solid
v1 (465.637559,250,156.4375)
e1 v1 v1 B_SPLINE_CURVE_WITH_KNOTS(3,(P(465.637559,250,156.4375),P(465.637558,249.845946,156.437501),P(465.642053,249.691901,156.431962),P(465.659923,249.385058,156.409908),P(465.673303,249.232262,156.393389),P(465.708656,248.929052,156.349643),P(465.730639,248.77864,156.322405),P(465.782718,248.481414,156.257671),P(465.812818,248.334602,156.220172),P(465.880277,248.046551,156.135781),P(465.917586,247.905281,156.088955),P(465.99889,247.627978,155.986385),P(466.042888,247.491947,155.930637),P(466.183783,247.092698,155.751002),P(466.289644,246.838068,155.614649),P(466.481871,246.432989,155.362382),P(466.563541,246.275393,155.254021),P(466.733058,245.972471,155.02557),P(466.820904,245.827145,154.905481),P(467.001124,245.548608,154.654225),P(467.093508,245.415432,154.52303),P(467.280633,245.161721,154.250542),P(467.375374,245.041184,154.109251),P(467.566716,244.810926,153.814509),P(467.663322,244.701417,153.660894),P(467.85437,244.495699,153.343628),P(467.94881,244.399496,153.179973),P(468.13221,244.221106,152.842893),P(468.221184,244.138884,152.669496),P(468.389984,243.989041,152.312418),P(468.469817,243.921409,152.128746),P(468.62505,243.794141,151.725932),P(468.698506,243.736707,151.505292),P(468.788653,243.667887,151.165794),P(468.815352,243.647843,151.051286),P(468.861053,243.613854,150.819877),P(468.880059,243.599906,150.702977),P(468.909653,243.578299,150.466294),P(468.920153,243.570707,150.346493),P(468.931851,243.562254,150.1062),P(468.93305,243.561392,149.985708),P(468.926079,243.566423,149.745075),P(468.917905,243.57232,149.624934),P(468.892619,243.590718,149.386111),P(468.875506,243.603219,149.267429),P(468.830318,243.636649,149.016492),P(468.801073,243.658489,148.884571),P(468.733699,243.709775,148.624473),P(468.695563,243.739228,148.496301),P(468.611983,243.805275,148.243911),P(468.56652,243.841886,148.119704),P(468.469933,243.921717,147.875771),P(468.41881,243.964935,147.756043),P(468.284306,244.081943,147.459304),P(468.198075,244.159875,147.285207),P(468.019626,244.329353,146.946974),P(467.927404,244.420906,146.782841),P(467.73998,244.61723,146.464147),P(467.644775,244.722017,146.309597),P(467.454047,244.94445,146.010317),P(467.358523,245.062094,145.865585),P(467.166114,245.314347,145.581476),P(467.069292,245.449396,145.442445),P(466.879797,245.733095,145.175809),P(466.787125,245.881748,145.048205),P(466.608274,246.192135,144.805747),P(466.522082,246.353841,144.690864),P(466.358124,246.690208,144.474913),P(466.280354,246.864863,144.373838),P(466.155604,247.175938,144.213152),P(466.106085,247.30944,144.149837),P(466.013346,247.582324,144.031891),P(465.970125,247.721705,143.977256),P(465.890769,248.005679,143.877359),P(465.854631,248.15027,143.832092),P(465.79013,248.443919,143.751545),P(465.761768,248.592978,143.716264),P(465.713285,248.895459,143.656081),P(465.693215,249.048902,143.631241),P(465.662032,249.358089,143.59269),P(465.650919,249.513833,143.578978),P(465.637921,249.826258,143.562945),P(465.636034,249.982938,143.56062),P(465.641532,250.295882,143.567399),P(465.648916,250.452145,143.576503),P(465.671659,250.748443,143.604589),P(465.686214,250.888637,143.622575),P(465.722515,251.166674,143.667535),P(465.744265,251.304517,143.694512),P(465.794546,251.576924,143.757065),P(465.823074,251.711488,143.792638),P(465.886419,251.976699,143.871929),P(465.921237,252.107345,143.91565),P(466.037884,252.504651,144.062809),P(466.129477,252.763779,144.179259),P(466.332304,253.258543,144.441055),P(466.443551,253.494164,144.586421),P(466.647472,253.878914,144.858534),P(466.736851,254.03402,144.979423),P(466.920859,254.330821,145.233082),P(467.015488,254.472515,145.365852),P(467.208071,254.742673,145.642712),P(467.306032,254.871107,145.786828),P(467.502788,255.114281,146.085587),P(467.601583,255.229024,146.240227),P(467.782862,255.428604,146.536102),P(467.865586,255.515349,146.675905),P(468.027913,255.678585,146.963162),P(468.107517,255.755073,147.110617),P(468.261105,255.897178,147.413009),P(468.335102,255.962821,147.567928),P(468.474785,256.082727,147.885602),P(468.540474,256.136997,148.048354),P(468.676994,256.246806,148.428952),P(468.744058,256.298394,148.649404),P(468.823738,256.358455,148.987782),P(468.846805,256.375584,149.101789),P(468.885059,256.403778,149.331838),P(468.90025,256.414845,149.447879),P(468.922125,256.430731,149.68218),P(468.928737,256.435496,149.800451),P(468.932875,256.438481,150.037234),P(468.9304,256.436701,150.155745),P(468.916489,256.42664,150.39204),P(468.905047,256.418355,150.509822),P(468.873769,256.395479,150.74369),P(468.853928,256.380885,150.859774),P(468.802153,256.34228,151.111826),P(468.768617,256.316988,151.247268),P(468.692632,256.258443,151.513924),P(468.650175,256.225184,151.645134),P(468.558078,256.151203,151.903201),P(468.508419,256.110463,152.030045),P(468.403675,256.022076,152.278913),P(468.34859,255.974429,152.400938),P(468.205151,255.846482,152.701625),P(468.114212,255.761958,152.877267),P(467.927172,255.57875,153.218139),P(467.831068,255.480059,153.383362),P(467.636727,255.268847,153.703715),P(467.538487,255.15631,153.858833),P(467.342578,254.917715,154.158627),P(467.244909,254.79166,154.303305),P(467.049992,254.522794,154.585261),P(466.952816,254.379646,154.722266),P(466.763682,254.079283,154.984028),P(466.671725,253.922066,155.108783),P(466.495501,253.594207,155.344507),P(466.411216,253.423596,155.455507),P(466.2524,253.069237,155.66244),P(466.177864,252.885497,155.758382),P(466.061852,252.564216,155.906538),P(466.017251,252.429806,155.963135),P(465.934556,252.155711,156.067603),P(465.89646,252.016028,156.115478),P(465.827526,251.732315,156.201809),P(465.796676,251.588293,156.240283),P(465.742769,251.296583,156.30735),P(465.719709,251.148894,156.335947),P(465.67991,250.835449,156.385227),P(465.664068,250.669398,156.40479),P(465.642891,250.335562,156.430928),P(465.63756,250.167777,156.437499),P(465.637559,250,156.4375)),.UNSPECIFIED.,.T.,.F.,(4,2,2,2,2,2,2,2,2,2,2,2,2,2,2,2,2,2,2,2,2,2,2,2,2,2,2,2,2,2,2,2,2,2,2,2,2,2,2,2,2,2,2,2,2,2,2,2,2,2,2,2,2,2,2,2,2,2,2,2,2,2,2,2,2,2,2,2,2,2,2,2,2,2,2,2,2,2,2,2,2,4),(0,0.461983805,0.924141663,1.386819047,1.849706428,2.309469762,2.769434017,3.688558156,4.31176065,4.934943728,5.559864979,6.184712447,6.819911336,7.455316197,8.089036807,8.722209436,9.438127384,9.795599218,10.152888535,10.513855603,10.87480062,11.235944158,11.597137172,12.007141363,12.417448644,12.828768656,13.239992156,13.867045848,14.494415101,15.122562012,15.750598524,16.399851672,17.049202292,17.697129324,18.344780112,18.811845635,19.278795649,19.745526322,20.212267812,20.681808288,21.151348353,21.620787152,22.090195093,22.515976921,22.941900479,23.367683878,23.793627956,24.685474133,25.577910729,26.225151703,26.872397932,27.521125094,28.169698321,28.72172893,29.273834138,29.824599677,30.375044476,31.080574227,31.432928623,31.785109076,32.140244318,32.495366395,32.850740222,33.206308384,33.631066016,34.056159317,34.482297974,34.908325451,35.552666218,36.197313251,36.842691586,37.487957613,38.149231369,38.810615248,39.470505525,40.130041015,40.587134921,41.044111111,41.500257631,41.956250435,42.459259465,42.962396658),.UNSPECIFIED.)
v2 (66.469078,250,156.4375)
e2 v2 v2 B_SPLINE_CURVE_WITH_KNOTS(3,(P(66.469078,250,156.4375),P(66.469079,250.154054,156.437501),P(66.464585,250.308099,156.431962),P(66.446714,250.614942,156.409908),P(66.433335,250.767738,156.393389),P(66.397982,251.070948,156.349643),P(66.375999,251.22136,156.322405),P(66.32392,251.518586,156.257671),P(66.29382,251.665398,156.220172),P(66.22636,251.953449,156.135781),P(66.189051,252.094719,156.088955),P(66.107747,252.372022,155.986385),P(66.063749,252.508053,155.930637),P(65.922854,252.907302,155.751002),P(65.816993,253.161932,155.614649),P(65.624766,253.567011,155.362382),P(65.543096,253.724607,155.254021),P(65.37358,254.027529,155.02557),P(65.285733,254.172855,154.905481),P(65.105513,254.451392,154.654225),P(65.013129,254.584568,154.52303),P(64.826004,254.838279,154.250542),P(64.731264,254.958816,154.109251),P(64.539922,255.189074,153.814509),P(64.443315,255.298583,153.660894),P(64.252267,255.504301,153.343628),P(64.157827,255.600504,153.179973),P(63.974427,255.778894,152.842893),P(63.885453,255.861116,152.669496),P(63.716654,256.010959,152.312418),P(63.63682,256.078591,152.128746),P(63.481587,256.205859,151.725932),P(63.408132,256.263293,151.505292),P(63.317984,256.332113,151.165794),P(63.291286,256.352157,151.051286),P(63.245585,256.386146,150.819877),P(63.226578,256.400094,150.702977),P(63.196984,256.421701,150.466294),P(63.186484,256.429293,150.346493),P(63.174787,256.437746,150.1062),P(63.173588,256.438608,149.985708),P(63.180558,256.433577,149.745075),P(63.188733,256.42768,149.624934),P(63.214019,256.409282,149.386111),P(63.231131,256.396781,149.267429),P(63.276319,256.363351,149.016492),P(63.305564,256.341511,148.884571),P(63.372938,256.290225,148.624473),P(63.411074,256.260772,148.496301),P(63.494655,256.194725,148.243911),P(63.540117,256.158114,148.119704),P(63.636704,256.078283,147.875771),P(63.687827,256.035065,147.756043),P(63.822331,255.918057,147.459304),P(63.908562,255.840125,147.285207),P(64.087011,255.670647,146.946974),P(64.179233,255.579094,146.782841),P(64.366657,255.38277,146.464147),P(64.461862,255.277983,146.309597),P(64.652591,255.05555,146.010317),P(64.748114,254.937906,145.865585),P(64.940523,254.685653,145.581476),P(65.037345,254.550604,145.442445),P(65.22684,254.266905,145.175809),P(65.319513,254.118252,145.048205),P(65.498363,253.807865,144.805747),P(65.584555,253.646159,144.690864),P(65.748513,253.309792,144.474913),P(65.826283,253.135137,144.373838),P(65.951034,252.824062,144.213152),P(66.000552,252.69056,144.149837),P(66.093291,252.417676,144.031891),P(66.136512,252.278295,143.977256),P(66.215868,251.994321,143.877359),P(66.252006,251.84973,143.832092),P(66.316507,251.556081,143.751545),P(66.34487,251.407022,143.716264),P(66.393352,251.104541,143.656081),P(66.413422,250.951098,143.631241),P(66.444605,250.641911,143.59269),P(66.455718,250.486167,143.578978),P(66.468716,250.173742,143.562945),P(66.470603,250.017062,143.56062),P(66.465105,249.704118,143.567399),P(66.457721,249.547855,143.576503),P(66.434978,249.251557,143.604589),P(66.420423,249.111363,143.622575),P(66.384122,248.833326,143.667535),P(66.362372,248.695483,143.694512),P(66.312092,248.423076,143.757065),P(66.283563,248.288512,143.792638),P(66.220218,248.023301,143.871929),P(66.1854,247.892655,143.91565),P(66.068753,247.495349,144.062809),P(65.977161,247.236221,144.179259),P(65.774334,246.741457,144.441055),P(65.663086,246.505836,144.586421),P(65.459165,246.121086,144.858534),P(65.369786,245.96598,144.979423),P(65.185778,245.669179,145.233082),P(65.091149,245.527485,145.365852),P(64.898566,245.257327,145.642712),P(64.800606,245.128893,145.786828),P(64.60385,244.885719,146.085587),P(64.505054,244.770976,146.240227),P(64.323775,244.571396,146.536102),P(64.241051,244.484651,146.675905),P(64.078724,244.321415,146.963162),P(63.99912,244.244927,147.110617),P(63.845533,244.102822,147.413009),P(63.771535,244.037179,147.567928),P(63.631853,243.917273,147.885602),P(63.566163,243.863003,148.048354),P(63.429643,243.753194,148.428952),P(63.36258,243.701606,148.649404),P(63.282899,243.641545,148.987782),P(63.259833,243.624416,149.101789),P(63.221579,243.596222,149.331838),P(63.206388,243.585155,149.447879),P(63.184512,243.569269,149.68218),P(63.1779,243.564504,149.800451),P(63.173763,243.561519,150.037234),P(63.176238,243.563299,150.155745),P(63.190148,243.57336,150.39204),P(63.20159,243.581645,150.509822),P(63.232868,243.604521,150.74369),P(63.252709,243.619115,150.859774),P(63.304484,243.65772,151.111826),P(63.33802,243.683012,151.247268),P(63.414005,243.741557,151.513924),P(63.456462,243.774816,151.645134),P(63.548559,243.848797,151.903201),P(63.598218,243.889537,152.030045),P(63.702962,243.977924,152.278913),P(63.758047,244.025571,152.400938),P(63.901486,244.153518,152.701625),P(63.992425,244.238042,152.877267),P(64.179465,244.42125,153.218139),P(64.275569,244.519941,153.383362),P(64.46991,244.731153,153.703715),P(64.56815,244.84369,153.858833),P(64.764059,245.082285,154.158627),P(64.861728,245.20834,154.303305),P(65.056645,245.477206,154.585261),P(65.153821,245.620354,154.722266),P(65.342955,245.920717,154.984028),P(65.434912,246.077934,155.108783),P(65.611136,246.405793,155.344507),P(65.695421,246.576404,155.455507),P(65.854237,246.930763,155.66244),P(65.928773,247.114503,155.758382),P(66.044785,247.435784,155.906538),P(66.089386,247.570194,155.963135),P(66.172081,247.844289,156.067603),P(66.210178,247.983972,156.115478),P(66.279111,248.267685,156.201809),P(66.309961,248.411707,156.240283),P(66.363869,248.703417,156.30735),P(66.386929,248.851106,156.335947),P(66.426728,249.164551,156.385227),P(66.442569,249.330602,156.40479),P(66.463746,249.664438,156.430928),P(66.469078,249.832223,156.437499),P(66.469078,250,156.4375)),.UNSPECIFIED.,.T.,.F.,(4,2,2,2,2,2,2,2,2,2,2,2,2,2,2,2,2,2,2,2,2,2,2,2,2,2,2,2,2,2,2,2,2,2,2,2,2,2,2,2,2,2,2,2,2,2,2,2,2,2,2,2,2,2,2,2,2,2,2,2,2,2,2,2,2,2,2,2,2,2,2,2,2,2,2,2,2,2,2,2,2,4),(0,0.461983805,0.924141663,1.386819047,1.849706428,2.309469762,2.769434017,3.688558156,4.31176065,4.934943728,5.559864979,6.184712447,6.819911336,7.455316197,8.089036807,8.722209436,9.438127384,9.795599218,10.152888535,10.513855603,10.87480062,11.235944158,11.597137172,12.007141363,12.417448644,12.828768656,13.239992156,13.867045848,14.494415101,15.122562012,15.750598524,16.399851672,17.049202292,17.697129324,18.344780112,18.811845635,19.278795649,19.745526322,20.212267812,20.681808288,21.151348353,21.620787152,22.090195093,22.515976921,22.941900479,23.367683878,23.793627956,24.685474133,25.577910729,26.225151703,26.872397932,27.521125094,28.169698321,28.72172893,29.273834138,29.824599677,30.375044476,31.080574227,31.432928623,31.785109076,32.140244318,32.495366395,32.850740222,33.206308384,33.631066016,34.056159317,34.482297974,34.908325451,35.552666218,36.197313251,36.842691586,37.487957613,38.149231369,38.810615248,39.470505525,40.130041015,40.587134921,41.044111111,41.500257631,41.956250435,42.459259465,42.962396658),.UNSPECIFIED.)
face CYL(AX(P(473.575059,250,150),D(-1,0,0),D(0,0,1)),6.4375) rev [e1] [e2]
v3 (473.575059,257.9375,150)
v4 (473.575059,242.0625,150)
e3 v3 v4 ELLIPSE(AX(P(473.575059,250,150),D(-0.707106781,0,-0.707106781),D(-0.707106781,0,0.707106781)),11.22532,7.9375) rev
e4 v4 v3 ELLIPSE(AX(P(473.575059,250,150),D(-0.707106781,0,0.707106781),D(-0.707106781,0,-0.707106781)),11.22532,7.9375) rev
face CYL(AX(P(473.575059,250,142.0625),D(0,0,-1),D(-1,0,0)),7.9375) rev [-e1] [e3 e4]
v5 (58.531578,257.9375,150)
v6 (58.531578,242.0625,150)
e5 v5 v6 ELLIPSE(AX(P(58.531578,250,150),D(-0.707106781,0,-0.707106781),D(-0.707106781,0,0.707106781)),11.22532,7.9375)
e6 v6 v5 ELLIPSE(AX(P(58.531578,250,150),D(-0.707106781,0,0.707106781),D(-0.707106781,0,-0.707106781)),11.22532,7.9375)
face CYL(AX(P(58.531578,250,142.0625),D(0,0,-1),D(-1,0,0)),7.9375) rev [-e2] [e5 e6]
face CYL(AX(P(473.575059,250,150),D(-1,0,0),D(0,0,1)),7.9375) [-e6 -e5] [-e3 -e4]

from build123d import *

# Parameters (mm, degrees)
SKETCH1_R                          = 7.9375
SKETCH1_R_2                        = 6.4375
PIPE_CONFIGURED_21_3_X_2_3_1_DEPTH = 415.043480752
CORTE_EXTRUS_O1_DEPTH              = 562.915780451
CORTE_EXTRUS_O1_DEPTH_BACK         = 562.915780451
ESBO_O9_R                          = 7.9375


with BuildPart() as part:
    # Sketch1 → Pipe - configured 21.3 X 2.3(1) (new body)
    with BuildSketch(Plane(origin=(58.531578249, 250, 150), x_dir=(0, 0, -1), z_dir=(1, 0, 0))):
        Circle(SKETCH1_R)
        Circle(SKETCH1_R_2, mode=Mode.SUBTRACT)
    extrude(amount=PIPE_CONFIGURED_21_3_X_2_3_1_DEPTH)

    # Esboço9 → Corte-extrusão1 (cut, two sides: drawn at the far end of the back side and taken through both)
    with BuildSketch(Plane.XY.offset(-CORTE_EXTRUS_O1_DEPTH_BACK)):
        with Locations((473.575059, 250)):
            Circle(ESBO_O9_R)
        with Locations((58.531578249, 250)):
            Circle(ESBO_O9_R)
    extrude(amount=CORTE_EXTRUS_O1_DEPTH + CORTE_EXTRUS_O1_DEPTH_BACK, mode=Mode.SUBTRACT)


solid = part.part
